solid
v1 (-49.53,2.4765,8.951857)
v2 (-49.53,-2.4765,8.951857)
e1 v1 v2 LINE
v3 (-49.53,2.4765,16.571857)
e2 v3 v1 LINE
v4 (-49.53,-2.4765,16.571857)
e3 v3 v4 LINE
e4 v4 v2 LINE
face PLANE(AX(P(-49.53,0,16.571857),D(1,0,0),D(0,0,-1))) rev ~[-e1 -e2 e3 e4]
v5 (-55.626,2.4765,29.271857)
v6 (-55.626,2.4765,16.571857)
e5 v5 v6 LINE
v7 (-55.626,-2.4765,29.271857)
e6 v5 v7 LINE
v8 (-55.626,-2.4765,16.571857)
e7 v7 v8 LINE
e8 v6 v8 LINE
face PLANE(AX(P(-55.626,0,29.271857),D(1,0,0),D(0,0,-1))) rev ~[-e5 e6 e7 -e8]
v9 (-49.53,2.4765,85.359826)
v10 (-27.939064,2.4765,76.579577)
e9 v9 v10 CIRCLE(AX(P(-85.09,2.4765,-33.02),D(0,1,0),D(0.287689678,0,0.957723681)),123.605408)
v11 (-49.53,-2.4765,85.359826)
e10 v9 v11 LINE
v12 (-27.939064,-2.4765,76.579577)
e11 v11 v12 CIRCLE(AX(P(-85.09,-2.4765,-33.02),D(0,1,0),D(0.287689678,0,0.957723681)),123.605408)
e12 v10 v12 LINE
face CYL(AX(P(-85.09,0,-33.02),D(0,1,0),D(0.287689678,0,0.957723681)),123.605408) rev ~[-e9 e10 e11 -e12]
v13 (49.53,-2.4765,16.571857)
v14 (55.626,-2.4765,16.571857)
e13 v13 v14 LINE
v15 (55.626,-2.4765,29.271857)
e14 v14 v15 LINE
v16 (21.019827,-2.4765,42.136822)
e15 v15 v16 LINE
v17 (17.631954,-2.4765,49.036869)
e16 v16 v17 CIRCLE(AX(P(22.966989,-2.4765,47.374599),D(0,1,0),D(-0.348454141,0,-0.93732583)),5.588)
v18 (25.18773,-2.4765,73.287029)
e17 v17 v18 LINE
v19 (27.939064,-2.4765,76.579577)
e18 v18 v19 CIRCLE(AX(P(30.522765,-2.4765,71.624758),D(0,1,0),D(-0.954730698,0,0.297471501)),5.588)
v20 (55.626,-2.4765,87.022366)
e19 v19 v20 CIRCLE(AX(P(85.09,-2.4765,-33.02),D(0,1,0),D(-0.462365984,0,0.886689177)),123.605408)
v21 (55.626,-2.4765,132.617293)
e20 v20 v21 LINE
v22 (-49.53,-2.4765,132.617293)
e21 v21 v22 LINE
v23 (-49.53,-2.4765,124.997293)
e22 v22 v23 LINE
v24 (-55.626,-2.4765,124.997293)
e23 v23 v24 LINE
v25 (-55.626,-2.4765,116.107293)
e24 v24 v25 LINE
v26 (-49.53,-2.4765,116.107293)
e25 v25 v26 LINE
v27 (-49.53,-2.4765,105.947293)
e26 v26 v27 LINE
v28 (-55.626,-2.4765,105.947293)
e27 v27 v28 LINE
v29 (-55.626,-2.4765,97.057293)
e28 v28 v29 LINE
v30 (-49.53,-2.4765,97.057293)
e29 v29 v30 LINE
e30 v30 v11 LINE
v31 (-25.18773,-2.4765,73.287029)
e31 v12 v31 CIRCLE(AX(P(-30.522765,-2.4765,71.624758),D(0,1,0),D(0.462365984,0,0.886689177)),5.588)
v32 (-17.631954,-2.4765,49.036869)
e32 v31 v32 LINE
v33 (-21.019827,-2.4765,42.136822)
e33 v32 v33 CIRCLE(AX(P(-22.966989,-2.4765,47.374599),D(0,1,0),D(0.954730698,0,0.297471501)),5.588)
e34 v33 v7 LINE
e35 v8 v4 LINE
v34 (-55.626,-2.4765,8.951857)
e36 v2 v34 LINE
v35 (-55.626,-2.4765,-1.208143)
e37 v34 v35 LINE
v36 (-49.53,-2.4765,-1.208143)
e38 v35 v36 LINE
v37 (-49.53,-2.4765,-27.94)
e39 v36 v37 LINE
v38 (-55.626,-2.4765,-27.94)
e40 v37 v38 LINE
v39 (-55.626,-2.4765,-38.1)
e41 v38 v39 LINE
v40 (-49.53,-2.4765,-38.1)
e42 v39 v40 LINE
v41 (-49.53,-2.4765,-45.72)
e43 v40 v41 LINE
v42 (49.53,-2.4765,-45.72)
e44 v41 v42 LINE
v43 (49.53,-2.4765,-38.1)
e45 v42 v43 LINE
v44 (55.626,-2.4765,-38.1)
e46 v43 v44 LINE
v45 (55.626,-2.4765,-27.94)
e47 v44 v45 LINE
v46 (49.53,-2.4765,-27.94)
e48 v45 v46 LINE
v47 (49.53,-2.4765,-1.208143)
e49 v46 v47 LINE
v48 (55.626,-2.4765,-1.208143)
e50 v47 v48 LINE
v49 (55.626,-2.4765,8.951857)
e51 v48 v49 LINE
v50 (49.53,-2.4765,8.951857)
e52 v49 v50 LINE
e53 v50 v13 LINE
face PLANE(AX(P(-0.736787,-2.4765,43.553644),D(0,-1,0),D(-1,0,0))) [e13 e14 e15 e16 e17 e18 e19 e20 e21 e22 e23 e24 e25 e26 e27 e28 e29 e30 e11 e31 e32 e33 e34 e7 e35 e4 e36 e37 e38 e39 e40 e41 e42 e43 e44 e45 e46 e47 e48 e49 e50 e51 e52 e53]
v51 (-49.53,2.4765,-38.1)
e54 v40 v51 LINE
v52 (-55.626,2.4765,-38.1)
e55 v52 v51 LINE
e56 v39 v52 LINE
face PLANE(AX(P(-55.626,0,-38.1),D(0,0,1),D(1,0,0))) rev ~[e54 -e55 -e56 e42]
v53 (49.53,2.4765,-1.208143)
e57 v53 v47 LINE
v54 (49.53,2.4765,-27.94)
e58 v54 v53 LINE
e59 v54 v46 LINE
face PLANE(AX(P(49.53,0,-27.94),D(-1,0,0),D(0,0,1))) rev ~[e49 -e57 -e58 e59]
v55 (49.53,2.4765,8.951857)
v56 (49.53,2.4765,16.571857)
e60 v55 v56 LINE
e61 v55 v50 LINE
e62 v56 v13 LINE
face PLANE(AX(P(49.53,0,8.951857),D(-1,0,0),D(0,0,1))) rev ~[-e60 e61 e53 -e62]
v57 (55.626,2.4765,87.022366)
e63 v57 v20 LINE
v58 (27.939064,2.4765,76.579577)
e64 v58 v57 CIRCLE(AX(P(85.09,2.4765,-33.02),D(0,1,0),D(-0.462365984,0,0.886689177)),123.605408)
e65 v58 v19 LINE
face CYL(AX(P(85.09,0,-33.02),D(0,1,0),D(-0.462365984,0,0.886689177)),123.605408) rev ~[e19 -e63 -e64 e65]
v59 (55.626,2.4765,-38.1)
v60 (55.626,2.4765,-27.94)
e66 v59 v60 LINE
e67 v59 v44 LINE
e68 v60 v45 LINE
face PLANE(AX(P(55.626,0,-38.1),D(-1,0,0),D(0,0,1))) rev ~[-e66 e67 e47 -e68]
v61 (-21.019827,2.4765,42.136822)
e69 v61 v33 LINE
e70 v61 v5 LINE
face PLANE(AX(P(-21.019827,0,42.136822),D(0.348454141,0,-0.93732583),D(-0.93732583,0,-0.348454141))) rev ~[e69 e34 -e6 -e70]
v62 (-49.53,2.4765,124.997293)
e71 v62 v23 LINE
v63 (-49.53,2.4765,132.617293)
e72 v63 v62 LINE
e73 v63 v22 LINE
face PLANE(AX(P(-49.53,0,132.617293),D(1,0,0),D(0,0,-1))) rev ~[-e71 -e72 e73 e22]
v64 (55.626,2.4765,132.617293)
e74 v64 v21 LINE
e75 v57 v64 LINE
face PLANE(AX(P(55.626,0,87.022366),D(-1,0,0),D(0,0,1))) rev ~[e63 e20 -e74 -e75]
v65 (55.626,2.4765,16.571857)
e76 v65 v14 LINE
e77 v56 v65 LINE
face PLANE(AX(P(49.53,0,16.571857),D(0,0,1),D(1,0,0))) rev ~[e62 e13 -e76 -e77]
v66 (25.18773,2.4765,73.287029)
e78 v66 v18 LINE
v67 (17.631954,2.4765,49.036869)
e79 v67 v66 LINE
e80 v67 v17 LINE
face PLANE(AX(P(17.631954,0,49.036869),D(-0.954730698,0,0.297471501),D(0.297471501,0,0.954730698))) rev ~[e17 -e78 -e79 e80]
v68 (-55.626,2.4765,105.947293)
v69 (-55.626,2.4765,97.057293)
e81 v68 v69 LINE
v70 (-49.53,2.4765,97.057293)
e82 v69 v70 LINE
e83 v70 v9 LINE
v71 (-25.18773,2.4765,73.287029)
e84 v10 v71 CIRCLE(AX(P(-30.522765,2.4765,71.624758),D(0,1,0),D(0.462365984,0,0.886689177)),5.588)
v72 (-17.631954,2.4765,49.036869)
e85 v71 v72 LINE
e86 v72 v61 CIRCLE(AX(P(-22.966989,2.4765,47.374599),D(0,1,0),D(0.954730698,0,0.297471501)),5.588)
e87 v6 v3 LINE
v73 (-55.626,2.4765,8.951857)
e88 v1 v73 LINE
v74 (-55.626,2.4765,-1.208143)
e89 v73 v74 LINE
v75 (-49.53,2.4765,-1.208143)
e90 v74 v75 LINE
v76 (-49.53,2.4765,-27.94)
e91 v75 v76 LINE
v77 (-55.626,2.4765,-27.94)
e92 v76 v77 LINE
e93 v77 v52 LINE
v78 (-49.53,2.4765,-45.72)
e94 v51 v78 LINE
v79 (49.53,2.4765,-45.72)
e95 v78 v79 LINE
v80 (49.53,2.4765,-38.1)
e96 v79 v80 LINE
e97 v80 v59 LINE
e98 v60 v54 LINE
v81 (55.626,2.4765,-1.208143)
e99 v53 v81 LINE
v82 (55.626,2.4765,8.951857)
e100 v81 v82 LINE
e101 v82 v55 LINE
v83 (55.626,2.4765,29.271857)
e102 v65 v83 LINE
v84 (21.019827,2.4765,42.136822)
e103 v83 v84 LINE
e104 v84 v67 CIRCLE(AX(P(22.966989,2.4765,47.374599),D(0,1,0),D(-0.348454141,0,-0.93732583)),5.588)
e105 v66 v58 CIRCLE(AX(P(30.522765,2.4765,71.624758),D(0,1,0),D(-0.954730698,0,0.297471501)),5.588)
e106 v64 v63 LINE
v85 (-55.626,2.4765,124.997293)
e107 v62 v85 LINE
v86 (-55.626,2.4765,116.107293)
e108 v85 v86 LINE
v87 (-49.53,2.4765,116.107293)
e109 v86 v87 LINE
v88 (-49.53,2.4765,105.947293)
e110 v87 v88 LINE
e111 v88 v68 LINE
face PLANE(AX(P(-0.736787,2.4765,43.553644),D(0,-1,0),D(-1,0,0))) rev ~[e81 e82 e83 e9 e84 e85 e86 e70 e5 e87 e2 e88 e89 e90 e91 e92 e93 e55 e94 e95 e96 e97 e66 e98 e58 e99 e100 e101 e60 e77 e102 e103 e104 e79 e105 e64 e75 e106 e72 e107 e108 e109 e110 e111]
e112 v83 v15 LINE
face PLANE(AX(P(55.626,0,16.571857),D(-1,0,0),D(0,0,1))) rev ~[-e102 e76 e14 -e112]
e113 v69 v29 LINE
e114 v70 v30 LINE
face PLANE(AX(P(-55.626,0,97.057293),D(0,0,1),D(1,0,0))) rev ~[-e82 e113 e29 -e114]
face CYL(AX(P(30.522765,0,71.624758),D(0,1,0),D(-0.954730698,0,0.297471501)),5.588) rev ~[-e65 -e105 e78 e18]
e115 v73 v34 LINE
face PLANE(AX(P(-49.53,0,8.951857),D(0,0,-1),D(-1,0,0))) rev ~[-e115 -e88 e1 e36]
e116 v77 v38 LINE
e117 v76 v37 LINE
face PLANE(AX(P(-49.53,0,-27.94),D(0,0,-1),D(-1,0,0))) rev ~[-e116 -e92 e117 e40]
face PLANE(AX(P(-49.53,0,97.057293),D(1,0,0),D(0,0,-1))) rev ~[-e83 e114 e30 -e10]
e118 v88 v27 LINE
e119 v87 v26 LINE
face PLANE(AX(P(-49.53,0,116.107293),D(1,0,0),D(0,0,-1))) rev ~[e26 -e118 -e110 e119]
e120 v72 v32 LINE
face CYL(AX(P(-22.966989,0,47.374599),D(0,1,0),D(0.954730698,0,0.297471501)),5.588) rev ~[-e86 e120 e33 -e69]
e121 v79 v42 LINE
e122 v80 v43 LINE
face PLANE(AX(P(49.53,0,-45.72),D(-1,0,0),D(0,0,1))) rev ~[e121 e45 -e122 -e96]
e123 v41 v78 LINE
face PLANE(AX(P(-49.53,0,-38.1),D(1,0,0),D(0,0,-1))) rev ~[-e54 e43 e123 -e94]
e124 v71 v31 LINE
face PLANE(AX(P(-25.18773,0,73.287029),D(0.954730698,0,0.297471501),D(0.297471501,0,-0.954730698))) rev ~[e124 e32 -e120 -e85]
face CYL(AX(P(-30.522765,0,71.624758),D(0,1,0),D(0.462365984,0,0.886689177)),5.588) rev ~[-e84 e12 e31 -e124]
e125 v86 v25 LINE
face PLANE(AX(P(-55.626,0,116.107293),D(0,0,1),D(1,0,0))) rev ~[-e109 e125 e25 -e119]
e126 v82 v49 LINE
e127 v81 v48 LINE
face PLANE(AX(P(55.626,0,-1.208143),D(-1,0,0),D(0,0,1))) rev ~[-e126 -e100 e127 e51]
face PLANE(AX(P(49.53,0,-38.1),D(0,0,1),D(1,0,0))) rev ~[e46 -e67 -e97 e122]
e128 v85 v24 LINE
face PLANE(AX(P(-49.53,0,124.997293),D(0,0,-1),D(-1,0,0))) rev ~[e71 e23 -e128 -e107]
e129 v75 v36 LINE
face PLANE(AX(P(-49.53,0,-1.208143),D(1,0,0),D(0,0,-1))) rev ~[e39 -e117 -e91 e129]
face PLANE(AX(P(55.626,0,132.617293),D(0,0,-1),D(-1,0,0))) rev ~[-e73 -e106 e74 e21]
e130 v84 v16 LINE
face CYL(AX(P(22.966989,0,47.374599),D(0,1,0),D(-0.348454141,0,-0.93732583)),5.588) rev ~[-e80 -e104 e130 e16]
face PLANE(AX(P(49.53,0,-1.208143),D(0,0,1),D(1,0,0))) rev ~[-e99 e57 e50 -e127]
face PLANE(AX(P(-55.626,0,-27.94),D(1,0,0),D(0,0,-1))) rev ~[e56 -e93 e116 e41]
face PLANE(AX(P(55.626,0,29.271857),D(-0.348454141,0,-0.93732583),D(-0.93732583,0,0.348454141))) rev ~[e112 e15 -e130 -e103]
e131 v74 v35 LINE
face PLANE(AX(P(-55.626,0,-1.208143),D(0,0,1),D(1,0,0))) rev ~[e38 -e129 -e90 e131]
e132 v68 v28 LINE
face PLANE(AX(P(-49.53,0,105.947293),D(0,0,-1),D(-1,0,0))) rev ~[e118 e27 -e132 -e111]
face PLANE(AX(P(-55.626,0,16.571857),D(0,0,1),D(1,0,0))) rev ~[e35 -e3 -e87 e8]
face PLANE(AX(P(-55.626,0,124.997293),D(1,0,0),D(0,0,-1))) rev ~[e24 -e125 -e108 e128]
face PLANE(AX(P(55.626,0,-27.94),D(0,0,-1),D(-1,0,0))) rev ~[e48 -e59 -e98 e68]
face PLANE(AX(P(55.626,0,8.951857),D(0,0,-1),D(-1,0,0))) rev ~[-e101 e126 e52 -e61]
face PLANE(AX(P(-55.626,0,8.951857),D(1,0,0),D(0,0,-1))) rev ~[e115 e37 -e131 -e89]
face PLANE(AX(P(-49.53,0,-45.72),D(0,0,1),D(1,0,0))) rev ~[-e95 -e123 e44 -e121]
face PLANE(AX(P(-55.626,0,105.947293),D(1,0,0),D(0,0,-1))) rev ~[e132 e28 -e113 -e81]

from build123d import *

# Parameters (mm, degrees)
BOSS_EXTRUDE1_DEPTH = 2.4765


with BuildPart() as part:
    # Sketch1 → Boss-Extrude1 (new, symmetric)
    with BuildSketch(Plane(origin=(0, 0, 0), x_dir=(1, 0, 0), z_dir=(0, 1, 0))):
        with BuildLine():
            Line((-49.53, 45.72), (49.53, 45.72))
            Line((49.53, 45.72), (49.53, 38.1))
            Line((49.53, 38.1), (55.626, 38.1))
            Line((55.626, 38.1), (55.626, 27.94))
            Line((55.626, 27.94), (49.53, 27.94))
            Line((49.53, 27.94), (49.53, 1.208143374))
            Line((49.53, 1.208143374), (55.626, 1.208143374))
            Line((55.626, 1.208143374), (55.626, -8.951856626))
            Line((55.626, -8.951856626), (49.53, -8.951856626))
            Line((49.53, -8.951856626), (49.53, -16.571856626))
            Line((49.53, -16.571856626), (55.626, -16.571856626))
            Line((55.626, -16.571856626), (55.626, -29.271856626))
            Line((55.626, -29.271856626), (21.019827136, -42.136821893))
            ThreePointArc((21.019827136, -42.136821893), (17.95098831, -44.911778638), (17.631953735, -49.036869377))
            Line((17.631953735, -49.036869377), (25.187729856, -73.287029113))
            ThreePointArc((25.187729856, -73.287029113), (26.234780075, -75.207903536), (27.939063878, -76.579577488))
            ThreePointArc((27.939063878, -76.579577488), (41.468907088, -82.632484358), (55.626, -87.022365809))
            Line((55.626, -87.022365809), (55.626, -132.617292876))
            Line((55.626, -132.617292876), (-49.53, -132.617292876))
            Line((-49.53, -132.617292876), (-49.53, -124.997292876))
            Line((-49.53, -124.997292876), (-55.626, -124.997292876))
            Line((-55.626, -124.997292876), (-55.626, -116.107292876))
            Line((-55.626, -116.107292876), (-49.53, -116.107292876))
            Line((-49.53, -116.107292876), (-49.53, -105.947292876))
            Line((-49.53, -105.947292876), (-55.626, -105.947292876))
            Line((-55.626, -105.947292876), (-55.626, -97.057292876))
            Line((-55.626, -97.057292876), (-49.53, -97.057292876))
            Line((-49.53, -97.057292876), (-49.53, -85.359826344))
            ThreePointArc((-49.53, -85.359826344), (-38.527111219, -81.479756652), (-27.939063878, -76.579577488))
            ThreePointArc((-27.939063878, -76.579577488), (-26.234780075, -75.207903536), (-25.187729856, -73.287029113))
            Line((-25.187729856, -73.287029113), (-17.631953735, -49.036869377))
            ThreePointArc((-17.631953735, -49.036869377), (-17.95098831, -44.911778638), (-21.019827136, -42.136821893))
            Line((-21.019827136, -42.136821893), (-55.626, -29.271856626))
            Line((-55.626, -29.271856626), (-55.626, -16.571856626))
            Line((-55.626, -16.571856626), (-49.53, -16.571856626))
            Line((-49.53, -16.571856626), (-49.53, -8.951856626))
            Line((-49.53, -8.951856626), (-55.626, -8.951856626))
            Line((-55.626, -8.951856626), (-55.626, 1.208143374))
            Line((-55.626, 1.208143374), (-49.53, 1.208143374))
            Line((-49.53, 1.208143374), (-49.53, 27.94))
            Line((-49.53, 27.94), (-55.626, 27.94))
            Line((-55.626, 27.94), (-55.626, 38.1))
            Line((-55.626, 38.1), (-49.53, 38.1))
            Line((-49.53, 38.1), (-49.53, 45.72))
        make_face()
    extrude(amount=BOSS_EXTRUDE1_DEPTH, both=True)


solid = part.part
